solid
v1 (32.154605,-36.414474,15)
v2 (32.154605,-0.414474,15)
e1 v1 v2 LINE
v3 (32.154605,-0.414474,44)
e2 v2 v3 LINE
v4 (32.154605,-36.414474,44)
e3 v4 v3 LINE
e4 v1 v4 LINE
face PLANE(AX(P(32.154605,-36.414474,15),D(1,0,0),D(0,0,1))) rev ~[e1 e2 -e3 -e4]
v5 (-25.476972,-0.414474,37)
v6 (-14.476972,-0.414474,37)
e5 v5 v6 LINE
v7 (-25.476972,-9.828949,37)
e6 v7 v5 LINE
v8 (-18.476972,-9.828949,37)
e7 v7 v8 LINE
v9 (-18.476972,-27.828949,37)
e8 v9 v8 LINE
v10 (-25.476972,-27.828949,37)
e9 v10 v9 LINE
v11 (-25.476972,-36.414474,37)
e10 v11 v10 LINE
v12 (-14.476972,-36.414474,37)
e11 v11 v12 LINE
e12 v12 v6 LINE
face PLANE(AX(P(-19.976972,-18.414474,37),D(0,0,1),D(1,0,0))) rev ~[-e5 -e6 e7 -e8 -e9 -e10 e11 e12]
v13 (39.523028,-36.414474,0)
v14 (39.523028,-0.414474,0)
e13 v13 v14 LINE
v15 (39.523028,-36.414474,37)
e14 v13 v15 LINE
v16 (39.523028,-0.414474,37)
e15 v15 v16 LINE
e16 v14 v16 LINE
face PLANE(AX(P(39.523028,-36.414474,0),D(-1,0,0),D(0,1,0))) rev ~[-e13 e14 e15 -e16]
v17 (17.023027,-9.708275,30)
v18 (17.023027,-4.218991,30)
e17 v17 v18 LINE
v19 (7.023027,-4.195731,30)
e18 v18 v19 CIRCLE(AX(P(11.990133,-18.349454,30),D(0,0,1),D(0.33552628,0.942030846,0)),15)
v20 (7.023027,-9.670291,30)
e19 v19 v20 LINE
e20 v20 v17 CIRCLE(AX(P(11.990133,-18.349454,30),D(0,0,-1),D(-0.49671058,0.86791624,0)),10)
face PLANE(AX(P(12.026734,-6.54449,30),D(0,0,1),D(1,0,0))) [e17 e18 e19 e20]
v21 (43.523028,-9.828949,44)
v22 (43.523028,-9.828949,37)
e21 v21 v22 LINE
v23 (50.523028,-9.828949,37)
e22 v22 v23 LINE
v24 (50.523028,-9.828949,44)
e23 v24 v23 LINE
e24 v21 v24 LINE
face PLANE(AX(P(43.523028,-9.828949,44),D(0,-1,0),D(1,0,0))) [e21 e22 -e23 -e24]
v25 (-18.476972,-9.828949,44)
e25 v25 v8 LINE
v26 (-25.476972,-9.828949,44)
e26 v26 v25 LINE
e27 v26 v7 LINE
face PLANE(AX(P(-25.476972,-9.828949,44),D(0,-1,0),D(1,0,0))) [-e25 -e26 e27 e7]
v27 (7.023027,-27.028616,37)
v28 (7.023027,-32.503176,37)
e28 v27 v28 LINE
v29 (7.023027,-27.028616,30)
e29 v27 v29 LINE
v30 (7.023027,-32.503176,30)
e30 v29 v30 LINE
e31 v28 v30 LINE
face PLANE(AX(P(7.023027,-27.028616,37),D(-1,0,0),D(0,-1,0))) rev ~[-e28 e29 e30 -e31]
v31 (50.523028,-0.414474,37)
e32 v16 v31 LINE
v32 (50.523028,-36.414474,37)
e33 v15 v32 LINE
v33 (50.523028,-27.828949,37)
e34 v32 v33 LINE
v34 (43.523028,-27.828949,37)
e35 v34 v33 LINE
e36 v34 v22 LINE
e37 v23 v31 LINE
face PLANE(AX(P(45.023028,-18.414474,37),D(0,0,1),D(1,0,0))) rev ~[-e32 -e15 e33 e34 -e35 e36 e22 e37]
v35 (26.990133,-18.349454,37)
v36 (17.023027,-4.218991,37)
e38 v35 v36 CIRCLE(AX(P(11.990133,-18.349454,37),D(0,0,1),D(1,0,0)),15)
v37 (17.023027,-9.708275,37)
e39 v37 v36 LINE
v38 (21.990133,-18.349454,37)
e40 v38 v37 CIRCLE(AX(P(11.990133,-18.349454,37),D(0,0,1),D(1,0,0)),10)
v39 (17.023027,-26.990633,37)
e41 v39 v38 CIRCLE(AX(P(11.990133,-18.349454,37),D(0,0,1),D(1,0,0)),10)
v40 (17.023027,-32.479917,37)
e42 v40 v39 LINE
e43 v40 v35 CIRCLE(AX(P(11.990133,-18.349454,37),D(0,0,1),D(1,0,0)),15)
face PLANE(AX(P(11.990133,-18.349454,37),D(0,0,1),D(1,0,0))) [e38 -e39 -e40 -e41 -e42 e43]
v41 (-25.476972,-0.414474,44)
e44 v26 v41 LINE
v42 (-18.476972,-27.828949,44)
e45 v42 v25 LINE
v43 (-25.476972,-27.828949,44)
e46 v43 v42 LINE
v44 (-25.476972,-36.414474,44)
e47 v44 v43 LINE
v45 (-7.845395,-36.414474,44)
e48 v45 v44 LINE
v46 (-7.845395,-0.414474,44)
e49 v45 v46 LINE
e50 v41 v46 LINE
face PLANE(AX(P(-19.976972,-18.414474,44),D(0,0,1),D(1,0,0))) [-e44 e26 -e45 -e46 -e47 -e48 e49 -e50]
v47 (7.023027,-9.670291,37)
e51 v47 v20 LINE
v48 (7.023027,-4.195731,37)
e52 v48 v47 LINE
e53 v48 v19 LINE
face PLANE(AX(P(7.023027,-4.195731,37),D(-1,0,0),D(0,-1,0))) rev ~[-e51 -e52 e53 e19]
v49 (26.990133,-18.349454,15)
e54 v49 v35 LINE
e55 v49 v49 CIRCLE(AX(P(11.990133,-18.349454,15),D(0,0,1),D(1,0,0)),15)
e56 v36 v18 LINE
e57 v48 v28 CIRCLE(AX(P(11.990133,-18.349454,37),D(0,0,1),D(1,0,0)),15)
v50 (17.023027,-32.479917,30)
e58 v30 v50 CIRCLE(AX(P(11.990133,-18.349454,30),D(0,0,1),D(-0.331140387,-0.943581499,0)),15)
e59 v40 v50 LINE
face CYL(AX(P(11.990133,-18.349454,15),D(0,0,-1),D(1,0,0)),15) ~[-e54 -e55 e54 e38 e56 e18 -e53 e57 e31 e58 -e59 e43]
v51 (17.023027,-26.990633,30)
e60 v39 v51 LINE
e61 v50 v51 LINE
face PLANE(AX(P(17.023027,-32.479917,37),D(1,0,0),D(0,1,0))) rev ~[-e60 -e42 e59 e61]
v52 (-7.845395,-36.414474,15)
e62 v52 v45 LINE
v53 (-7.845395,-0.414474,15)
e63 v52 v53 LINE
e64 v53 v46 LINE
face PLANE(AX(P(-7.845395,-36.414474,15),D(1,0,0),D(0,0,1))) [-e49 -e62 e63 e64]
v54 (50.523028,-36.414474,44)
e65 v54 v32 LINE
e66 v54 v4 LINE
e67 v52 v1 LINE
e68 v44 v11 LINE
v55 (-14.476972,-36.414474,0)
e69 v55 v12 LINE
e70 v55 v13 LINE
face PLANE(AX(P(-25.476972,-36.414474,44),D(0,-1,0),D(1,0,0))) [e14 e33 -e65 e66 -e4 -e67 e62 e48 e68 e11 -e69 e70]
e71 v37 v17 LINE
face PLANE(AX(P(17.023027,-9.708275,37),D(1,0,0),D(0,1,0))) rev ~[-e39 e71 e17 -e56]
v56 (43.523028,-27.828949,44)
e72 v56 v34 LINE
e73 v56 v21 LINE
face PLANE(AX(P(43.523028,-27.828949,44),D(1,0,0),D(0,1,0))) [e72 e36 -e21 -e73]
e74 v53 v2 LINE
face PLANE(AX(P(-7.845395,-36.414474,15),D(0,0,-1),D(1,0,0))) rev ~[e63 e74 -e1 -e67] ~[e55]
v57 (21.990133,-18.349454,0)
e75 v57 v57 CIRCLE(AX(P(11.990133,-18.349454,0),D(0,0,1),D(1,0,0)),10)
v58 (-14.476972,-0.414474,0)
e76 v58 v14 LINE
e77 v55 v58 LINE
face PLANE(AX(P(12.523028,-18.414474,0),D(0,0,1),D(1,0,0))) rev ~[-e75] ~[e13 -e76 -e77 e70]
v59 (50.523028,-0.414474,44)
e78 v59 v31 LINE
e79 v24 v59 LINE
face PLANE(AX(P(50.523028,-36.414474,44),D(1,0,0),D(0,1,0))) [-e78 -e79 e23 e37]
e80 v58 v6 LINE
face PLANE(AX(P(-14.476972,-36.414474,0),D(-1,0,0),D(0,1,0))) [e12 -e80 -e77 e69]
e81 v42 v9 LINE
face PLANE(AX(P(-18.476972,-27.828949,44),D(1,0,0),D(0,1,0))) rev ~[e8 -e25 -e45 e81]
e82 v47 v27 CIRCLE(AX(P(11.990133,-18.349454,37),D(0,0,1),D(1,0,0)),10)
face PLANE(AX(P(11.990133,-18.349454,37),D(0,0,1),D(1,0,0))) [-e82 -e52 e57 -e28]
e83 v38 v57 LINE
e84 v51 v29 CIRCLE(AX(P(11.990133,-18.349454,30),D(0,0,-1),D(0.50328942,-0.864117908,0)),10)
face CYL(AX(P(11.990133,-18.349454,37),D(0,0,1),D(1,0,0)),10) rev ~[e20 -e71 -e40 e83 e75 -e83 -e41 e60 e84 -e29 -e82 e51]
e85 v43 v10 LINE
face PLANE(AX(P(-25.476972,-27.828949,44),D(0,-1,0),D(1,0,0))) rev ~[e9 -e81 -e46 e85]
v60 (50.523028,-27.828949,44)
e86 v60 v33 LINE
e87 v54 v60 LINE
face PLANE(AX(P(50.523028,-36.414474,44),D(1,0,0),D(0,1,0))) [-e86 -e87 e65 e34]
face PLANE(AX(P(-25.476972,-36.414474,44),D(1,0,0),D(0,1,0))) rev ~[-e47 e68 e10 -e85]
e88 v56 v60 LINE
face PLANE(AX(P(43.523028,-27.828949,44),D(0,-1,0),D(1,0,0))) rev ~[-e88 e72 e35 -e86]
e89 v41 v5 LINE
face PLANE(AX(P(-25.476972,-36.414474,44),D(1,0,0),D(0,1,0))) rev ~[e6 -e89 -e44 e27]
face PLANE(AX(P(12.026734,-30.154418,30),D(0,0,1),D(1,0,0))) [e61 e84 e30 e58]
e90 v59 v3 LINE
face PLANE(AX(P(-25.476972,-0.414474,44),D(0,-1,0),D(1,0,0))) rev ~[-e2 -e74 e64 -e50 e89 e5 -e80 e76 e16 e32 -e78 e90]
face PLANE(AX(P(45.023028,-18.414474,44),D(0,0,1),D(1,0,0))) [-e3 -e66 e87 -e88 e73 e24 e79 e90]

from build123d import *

# Parameters (mm, degrees)
F0_W      = 54
F0_H      = 36
F1_DEPTH  = 44
F2_W      = 40
F2_H      = 29
F3_DEPTH  = 36
F4_W      = 11
F4_H      = 36
F5_DEPTH  = 7
F6_W      = 7
F6_H      = 18
F7_DEPTH  = 7
F8_W      = 11
F8_H      = 36
F9_DEPTH  = 7
F10_W     = 7
F10_H     = 18
F11_DEPTH = 7
F12_R     = 15
F13_DEPTH = 22
F14_R     = 10
F15_DEPTH = 40
F17_DEPTH = 7


with BuildPart() as f1:
    # F0 (on Top) → F1 (new body)
    with BuildSketch(Plane.XY):
        with Locations((12.5230278373, -18.4144742489)):
            Rectangle(F0_W, F0_H)
    extrude(amount=F1_DEPTH)

    # F2 (on face) → F3 (cut)
    with BuildSketch(Plane.XZ.offset(36.4144742489)):
        with Locations((12.1546047553, 29.5)):
            Rectangle(F2_W, F2_H)
    extrude(amount=-F3_DEPTH, mode=Mode.SUBTRACT)

    # F4 (on face) → F5 (join)
    with BuildSketch(Plane.XY.offset(44)):
        with Locations((45.0230278373, -18.4144742489)):
            Rectangle(F4_W, F4_H)
    extrude(amount=-F5_DEPTH)

    # F6 (on face) → F7 (cut)
    with BuildSketch(Plane.XY.offset(44)):
        with Locations((47.0230278373, -18.8289485723)):
            Rectangle(F6_W, F6_H)
    extrude(amount=-F7_DEPTH, mode=Mode.SUBTRACT)

    # F8 (on face) → F9 (join)
    with BuildSketch(Plane.XY.offset(44)):
        with Locations((-19.9769721627, -18.4144742489)):
            Rectangle(F8_W, F8_H)
    extrude(amount=-F9_DEPTH)

    # F10 (on face) → F11 (cut)
    with BuildSketch(Plane.XY.offset(44)):
        with Locations((-21.9769721627, -18.8289485723)):
            Rectangle(F10_W, F10_H)
    extrude(amount=-F11_DEPTH, mode=Mode.SUBTRACT)

    # F12 (on face) → F13 (join)
    with BuildSketch(Plane.XY.offset(15)):
        with Locations((11.9901327416, -18.3494538069)):
            Circle(F12_R)
    extrude(amount=F13_DEPTH)

    # F14 (on face) → F15 (cut)
    with BuildSketch(Plane.XY.offset(37)):
        with Locations((11.9901327416, -18.3494538069)):
            Circle(F14_R)
    extrude(amount=-F15_DEPTH, mode=Mode.SUBTRACT)

    # F16 (on face) → F17 (cut)
    with BuildSketch(Plane.XY.offset(37)):
        with BuildLine():
            ThreePointArc((17.0230269432, -4.2189911126), (12.0250223229, -3.349494383), (7.0230269432, -4.1957313288))
            Line((7.0230269432, -4.1957313288), (7.0230269432, -9.6702914056))
            ThreePointArc((7.0230269432, -9.6702914056), (12.0281157852, -8.3495259427), (17.0230269432, -9.7082747232))
            Line((17.0230269432, -9.7082747232), (17.0230269432, -4.2189911126))
        make_face()
        with BuildLine():
            Line((7.0230269432, -27.0286162081), (7.0230269432, -32.503176285))
            ThreePointArc((7.0230269432, -32.503176285), (12.0250223229, -33.3494132307), (17.0230269432, -32.4799165012))
            Line((17.0230269432, -32.4799165012), (17.0230269432, -26.9906328905))
            ThreePointArc((17.0230269432, -26.9906328905), (12.0281157852, -28.349381671), (7.0230269432, -27.0286162081))
        make_face()
    extrude(amount=-F17_DEPTH, mode=Mode.SUBTRACT)


solid = f1.part
